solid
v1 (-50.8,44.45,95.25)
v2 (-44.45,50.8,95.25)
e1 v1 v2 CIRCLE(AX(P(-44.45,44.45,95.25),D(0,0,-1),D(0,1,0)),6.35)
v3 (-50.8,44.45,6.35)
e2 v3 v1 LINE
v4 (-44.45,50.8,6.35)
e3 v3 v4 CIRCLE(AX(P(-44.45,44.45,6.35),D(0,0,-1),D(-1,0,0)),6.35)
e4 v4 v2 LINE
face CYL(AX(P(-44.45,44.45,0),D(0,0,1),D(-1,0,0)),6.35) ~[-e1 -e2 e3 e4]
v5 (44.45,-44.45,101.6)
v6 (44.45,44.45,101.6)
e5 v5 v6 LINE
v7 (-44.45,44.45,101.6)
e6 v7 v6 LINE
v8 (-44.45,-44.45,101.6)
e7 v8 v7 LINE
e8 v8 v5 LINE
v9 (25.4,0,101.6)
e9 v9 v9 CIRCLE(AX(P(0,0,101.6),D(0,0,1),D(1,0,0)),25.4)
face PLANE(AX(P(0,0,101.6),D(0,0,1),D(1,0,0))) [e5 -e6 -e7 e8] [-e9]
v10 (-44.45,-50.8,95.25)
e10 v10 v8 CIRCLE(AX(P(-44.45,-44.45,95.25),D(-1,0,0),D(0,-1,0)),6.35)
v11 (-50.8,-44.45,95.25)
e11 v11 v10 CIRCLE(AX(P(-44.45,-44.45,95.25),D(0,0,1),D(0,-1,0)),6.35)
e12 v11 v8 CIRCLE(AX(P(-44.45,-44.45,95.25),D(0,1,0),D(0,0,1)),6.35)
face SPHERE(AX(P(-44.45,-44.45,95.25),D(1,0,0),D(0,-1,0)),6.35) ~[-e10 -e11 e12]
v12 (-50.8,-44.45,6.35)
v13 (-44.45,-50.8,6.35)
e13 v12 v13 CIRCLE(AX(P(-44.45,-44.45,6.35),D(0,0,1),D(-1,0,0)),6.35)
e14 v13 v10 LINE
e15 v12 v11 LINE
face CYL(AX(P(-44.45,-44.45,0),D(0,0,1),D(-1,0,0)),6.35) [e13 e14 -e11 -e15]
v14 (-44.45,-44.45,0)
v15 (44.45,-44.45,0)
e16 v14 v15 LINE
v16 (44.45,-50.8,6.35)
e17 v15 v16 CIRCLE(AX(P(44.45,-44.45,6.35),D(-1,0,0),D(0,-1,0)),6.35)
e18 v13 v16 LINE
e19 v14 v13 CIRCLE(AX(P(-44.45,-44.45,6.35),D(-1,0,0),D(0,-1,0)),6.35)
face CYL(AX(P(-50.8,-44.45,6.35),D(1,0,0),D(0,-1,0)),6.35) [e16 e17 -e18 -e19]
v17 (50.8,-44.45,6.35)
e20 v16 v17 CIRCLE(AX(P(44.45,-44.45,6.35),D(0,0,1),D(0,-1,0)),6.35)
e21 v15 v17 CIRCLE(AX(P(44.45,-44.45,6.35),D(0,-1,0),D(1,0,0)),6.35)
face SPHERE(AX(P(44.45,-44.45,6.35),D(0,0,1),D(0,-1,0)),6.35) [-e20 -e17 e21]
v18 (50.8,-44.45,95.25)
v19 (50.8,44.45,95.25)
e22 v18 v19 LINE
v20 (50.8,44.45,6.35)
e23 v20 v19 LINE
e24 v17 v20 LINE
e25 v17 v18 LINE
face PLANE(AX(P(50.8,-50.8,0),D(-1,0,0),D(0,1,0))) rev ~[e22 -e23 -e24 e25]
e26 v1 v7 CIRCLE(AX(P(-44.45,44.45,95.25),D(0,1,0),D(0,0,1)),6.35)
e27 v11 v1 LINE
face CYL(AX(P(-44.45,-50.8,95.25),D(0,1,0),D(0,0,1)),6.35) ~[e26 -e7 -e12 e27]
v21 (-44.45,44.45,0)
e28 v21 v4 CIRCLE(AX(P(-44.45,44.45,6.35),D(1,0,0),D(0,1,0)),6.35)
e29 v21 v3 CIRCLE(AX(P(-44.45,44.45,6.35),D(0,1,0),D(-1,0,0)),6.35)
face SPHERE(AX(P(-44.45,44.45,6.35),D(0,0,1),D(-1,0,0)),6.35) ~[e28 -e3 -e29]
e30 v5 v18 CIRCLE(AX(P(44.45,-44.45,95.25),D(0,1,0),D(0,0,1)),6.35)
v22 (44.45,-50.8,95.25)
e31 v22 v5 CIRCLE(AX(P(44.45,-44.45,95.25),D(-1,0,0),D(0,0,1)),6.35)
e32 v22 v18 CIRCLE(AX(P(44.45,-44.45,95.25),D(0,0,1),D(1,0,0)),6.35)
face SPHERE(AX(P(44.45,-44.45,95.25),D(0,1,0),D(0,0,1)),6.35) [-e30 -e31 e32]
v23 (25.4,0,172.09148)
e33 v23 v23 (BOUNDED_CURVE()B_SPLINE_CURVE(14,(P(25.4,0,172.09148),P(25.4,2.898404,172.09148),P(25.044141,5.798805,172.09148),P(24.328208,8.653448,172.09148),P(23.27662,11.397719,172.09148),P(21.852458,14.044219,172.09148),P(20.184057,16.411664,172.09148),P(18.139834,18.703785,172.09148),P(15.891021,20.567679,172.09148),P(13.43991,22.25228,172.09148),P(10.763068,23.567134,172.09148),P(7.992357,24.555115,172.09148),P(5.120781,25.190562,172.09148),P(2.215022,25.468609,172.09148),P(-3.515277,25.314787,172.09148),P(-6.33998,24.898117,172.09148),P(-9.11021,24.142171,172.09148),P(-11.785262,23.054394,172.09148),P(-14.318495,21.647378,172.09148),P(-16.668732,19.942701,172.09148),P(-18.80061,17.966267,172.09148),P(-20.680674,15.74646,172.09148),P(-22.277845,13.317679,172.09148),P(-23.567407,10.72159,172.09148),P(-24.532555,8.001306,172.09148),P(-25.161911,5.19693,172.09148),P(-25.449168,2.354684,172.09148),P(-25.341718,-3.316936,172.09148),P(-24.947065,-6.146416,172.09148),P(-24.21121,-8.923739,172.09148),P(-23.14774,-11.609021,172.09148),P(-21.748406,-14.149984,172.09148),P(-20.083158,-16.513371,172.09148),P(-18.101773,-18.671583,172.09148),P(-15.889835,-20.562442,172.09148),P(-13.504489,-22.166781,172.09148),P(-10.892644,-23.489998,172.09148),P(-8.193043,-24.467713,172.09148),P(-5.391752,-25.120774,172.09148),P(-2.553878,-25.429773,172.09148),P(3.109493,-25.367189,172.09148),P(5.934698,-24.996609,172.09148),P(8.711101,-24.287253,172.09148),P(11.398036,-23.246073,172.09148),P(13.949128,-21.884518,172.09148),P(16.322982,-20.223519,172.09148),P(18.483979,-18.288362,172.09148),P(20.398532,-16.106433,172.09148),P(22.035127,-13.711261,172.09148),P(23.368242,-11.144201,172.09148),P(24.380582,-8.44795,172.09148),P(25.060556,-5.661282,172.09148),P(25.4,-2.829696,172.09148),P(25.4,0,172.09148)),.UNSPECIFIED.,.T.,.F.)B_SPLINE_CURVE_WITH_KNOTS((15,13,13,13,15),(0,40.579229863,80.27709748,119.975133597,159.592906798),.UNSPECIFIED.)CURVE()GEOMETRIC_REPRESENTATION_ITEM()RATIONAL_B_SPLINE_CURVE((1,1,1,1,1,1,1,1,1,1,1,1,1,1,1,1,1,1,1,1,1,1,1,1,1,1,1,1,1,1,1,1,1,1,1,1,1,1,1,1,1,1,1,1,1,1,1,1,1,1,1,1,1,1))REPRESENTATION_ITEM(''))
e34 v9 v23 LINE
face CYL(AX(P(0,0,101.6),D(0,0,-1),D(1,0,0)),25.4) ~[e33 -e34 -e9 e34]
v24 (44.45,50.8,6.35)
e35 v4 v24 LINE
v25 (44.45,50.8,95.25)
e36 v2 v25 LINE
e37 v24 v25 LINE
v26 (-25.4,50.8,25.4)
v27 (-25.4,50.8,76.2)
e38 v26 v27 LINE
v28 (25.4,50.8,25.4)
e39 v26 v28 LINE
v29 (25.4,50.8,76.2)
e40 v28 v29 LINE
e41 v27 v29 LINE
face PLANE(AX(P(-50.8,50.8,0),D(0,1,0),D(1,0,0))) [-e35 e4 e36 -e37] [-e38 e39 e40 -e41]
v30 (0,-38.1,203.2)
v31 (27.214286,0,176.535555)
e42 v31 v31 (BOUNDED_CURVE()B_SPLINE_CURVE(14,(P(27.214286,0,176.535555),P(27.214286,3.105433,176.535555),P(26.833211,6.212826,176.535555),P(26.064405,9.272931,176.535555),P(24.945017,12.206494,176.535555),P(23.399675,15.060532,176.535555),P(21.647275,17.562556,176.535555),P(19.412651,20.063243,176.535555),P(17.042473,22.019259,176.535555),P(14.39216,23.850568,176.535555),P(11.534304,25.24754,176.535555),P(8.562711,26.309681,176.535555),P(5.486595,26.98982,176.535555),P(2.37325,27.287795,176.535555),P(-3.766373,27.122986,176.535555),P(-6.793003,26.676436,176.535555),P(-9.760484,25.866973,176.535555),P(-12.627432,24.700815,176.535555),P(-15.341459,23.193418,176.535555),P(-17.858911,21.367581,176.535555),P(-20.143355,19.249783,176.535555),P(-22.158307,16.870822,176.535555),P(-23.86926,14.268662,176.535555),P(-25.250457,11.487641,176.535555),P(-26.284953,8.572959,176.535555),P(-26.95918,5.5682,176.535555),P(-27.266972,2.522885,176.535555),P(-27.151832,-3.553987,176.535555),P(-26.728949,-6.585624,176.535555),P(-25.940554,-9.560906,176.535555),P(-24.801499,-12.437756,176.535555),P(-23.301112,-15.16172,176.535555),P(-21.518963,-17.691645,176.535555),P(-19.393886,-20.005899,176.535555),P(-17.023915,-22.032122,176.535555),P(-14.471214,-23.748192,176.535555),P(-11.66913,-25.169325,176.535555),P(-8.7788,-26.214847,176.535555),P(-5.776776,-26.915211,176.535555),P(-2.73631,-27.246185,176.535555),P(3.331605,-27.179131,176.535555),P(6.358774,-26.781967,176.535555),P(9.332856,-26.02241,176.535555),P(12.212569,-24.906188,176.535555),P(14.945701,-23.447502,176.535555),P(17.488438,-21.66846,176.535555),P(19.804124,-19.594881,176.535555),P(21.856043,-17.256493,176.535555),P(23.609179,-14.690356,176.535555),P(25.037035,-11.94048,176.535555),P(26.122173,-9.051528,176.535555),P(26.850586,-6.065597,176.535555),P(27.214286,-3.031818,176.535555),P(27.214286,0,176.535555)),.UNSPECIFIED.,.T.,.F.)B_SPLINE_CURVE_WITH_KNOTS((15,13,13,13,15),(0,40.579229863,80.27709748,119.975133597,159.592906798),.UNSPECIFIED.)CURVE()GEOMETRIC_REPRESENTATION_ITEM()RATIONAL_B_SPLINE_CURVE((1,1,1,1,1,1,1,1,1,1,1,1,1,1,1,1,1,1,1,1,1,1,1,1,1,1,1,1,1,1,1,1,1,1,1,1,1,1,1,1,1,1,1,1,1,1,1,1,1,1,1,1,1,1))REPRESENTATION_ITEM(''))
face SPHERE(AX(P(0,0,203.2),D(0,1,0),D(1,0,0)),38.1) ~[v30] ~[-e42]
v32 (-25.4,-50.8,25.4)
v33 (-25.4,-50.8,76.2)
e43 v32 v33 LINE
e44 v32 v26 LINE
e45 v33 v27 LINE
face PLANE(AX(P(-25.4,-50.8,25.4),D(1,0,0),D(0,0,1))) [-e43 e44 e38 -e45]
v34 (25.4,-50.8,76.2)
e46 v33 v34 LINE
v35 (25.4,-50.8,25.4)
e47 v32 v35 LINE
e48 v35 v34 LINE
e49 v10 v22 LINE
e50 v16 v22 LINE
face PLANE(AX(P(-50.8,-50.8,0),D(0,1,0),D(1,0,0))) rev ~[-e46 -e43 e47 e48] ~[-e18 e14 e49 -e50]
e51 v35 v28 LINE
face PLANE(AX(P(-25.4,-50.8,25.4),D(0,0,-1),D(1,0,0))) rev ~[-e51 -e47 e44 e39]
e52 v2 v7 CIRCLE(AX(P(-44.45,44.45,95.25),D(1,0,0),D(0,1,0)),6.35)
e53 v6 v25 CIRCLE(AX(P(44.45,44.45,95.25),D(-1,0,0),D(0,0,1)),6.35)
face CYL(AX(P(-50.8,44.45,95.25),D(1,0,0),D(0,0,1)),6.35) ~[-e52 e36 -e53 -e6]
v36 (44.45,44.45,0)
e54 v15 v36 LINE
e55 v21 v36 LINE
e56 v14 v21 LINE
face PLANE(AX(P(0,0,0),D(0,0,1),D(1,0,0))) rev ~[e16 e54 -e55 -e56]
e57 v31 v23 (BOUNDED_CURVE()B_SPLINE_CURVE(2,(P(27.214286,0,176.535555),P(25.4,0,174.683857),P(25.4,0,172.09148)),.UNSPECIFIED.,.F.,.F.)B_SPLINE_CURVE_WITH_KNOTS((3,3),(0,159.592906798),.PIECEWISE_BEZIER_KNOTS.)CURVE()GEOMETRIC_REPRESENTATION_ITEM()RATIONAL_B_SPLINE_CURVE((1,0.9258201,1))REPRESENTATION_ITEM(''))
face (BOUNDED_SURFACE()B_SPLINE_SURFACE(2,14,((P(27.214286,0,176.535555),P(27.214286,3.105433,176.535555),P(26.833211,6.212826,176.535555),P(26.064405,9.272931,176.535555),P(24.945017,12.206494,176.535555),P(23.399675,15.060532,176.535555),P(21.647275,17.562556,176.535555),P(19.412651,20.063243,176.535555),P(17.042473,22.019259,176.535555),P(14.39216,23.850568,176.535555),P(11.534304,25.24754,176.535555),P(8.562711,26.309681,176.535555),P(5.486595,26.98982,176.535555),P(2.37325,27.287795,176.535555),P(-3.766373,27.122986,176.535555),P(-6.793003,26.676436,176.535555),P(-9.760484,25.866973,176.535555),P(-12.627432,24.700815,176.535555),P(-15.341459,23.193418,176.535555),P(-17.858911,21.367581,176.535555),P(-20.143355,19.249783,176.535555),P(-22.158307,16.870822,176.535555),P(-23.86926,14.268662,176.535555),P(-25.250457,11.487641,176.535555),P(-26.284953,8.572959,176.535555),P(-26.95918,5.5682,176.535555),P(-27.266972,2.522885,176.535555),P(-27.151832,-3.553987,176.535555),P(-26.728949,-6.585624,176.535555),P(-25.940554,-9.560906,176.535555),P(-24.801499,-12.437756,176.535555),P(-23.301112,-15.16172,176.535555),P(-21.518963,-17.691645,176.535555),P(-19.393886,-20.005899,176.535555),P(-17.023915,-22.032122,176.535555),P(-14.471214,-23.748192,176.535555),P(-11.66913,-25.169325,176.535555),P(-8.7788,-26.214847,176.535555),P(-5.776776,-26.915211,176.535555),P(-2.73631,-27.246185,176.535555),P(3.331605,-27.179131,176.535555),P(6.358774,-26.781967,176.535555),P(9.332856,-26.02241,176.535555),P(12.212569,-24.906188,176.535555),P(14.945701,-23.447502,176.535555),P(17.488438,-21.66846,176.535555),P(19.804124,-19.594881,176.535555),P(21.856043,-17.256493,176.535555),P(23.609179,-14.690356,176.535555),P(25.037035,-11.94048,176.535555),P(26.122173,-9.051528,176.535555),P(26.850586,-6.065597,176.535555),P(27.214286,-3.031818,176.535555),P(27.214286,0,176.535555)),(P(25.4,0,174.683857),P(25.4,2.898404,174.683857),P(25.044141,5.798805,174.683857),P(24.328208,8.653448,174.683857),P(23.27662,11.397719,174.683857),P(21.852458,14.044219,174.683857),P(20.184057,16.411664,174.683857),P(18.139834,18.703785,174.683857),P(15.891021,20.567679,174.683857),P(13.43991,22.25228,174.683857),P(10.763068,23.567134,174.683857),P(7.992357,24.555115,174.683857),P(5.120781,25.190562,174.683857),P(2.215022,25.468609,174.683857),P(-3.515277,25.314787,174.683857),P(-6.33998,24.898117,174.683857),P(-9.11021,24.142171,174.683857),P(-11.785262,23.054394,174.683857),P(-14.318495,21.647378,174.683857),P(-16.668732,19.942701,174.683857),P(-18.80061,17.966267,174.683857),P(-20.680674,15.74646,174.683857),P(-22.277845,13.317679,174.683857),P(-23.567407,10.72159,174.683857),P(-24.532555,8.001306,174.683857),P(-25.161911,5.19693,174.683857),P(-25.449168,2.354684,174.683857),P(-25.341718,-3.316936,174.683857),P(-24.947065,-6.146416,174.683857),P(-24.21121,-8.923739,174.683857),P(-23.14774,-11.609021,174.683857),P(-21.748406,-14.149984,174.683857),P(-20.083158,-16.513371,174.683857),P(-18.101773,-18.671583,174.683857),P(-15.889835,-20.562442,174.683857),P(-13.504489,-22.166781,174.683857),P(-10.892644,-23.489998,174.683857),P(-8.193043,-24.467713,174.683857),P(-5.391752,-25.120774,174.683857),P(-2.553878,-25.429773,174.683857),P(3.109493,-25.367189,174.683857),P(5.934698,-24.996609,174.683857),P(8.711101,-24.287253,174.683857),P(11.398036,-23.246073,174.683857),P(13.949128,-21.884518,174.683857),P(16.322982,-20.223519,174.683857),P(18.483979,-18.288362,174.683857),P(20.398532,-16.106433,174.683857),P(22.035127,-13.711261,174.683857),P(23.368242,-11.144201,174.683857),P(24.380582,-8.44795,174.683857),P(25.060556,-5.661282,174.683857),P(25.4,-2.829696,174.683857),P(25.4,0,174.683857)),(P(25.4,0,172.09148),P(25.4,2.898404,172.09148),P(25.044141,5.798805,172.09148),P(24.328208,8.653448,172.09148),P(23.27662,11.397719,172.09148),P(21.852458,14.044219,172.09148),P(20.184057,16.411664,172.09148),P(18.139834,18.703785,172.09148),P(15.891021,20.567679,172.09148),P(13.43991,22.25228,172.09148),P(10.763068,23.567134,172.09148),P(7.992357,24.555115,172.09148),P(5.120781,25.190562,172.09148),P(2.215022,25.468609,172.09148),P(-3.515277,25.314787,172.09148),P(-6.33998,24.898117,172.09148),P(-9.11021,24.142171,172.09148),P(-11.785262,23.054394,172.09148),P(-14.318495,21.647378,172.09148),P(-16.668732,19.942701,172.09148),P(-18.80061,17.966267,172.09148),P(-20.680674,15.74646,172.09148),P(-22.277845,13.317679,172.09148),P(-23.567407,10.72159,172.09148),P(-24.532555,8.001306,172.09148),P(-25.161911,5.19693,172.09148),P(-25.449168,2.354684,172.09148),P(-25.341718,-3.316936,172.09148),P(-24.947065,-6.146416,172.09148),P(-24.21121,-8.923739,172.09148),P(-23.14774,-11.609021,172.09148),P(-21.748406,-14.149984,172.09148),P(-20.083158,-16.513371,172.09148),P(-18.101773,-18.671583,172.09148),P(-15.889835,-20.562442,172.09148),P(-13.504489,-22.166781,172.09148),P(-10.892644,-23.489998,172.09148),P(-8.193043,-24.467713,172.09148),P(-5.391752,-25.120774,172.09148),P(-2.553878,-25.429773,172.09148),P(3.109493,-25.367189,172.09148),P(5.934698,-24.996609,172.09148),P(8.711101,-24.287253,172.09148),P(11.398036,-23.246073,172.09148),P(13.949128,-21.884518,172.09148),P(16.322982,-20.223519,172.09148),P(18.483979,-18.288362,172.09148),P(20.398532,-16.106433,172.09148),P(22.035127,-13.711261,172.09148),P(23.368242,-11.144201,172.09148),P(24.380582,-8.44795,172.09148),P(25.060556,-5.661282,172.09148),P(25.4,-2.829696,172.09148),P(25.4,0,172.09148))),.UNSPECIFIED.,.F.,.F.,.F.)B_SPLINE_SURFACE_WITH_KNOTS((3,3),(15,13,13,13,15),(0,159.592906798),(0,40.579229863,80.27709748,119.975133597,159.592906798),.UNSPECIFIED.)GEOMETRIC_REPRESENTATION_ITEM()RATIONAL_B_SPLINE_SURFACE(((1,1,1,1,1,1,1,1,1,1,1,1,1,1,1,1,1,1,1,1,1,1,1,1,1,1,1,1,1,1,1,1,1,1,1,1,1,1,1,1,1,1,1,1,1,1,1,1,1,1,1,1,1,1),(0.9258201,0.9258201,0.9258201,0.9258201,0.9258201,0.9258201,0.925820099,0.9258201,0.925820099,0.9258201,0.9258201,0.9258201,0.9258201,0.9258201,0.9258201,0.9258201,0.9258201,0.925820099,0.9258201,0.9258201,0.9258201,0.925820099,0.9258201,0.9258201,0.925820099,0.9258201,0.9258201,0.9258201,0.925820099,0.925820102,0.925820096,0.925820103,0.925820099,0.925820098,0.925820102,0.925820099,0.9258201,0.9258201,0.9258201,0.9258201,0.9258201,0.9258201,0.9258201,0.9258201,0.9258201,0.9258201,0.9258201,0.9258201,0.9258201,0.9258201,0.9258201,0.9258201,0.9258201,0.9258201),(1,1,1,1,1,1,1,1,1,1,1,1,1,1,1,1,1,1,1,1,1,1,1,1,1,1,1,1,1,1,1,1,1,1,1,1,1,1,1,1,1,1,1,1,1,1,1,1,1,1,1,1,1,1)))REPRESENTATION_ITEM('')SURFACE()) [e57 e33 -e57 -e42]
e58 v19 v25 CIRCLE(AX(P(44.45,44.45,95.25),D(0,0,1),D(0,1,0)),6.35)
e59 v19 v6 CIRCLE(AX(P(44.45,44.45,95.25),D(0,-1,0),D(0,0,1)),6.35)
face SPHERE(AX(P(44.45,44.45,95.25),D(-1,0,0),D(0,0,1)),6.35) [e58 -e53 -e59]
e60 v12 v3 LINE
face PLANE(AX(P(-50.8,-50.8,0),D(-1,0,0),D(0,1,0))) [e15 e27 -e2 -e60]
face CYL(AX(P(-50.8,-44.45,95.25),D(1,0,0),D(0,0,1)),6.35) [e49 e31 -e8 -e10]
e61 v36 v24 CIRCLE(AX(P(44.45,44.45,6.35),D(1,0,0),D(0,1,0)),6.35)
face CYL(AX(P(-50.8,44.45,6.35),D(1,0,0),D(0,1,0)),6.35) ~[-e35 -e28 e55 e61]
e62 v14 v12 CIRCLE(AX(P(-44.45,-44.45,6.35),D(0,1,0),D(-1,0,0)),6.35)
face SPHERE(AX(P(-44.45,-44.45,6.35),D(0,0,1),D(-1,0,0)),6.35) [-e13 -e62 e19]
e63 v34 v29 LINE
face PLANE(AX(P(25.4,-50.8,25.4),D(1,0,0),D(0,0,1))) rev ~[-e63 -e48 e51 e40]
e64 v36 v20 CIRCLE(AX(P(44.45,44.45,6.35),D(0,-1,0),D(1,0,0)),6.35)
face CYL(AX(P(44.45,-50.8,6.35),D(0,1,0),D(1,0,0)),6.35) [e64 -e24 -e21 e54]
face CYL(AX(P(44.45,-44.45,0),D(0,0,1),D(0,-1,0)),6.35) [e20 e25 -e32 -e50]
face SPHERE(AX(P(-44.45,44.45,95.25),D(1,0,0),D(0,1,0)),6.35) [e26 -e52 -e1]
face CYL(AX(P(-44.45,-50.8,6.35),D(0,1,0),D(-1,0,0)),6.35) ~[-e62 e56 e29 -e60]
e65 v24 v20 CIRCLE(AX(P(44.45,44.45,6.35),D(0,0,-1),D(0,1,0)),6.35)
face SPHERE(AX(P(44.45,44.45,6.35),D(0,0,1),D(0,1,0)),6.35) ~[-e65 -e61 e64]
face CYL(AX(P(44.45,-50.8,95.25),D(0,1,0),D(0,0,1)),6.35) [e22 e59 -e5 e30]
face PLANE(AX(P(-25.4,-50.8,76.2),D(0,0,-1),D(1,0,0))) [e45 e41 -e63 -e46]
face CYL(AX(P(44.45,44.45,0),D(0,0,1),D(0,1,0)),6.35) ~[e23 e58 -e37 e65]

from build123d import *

# Parameters (mm, degrees)
F0_W     = 101.6
F0_H     = 101.6
F1_DEPTH = 101.6
F2_R     = 25.4
F3_DEPTH = 101.6
F6_W     = 50.8
F6_H     = 50.8
F7_DEPTH = 101.6
F8_R     = 6.35


with BuildPart() as f1:
    # F0 (on Top) → F1 (new body)
    with BuildSketch(Plane.XY):
        Rectangle(F0_W, F0_H)
    extrude(amount=F1_DEPTH)

    # F2 (on face) → F3 (join)
    with BuildSketch(Plane.XY.offset(101.6)):
        Circle(F2_R)
    extrude(amount=F3_DEPTH)

    # F4 (on face) → F5 (revolve)
    with BuildSketch(Plane.XY.offset(203.2)):
        with BuildLine():
            Line((0, -25.4), (0, -38.1))
            ThreePointArc((0, -38.1), (38.1, 0), (0, 38.1))
            Line((0, 38.1), (0, 25.4))
            ThreePointArc((0, 25.4), (17.9605122421, 17.9605122421), (25.4, 0))
            ThreePointArc((25.4, 0), (17.9605122421, -17.9605122421), (0, -25.4))
        make_face()
        with BuildLine():
            Line((0, 25.4), (0, -25.4))
            ThreePointArc((0, -25.4), (17.9605122421, -17.9605122421), (25.4, 0))
            ThreePointArc((25.4, 0), (17.9605122421, 17.9605122421), (0, 25.4))
        make_face()
    revolve(axis=Axis((0, 0, 203.2), (0, -1, 0)))

    # F6 (on face) → F7 (cut)
    with BuildSketch(Plane.XZ.offset(50.8)):
        with Locations((0, 50.8)):
            Rectangle(F6_W, F6_H)
    extrude(amount=-F7_DEPTH, mode=Mode.SUBTRACT)

    # F8
    f8_edges = [f1.edges().sort_by_distance(p)[0] for p in [
        (0, 50.8, 101.6),
        (50.8, 0, 101.6),
        (0, -50.8, 101.6),
        (-50.8, 50.8, 50.8),
        (-50.8, -50.8, 50.8),
        (-50.8, 0, 0),
        (-50.8, 0, 101.6),
        (50.8, 50.8, 50.8),
        (0, 50.8, 0),
        (50.8, -50.8, 50.8),
        (0, -50.8, 0),
        (50.8, 0, 0),
        (-25.4, 0, 174.801937),
    ]]
    fillet(f8_edges, radius=F8_R)


solid = f1.part
